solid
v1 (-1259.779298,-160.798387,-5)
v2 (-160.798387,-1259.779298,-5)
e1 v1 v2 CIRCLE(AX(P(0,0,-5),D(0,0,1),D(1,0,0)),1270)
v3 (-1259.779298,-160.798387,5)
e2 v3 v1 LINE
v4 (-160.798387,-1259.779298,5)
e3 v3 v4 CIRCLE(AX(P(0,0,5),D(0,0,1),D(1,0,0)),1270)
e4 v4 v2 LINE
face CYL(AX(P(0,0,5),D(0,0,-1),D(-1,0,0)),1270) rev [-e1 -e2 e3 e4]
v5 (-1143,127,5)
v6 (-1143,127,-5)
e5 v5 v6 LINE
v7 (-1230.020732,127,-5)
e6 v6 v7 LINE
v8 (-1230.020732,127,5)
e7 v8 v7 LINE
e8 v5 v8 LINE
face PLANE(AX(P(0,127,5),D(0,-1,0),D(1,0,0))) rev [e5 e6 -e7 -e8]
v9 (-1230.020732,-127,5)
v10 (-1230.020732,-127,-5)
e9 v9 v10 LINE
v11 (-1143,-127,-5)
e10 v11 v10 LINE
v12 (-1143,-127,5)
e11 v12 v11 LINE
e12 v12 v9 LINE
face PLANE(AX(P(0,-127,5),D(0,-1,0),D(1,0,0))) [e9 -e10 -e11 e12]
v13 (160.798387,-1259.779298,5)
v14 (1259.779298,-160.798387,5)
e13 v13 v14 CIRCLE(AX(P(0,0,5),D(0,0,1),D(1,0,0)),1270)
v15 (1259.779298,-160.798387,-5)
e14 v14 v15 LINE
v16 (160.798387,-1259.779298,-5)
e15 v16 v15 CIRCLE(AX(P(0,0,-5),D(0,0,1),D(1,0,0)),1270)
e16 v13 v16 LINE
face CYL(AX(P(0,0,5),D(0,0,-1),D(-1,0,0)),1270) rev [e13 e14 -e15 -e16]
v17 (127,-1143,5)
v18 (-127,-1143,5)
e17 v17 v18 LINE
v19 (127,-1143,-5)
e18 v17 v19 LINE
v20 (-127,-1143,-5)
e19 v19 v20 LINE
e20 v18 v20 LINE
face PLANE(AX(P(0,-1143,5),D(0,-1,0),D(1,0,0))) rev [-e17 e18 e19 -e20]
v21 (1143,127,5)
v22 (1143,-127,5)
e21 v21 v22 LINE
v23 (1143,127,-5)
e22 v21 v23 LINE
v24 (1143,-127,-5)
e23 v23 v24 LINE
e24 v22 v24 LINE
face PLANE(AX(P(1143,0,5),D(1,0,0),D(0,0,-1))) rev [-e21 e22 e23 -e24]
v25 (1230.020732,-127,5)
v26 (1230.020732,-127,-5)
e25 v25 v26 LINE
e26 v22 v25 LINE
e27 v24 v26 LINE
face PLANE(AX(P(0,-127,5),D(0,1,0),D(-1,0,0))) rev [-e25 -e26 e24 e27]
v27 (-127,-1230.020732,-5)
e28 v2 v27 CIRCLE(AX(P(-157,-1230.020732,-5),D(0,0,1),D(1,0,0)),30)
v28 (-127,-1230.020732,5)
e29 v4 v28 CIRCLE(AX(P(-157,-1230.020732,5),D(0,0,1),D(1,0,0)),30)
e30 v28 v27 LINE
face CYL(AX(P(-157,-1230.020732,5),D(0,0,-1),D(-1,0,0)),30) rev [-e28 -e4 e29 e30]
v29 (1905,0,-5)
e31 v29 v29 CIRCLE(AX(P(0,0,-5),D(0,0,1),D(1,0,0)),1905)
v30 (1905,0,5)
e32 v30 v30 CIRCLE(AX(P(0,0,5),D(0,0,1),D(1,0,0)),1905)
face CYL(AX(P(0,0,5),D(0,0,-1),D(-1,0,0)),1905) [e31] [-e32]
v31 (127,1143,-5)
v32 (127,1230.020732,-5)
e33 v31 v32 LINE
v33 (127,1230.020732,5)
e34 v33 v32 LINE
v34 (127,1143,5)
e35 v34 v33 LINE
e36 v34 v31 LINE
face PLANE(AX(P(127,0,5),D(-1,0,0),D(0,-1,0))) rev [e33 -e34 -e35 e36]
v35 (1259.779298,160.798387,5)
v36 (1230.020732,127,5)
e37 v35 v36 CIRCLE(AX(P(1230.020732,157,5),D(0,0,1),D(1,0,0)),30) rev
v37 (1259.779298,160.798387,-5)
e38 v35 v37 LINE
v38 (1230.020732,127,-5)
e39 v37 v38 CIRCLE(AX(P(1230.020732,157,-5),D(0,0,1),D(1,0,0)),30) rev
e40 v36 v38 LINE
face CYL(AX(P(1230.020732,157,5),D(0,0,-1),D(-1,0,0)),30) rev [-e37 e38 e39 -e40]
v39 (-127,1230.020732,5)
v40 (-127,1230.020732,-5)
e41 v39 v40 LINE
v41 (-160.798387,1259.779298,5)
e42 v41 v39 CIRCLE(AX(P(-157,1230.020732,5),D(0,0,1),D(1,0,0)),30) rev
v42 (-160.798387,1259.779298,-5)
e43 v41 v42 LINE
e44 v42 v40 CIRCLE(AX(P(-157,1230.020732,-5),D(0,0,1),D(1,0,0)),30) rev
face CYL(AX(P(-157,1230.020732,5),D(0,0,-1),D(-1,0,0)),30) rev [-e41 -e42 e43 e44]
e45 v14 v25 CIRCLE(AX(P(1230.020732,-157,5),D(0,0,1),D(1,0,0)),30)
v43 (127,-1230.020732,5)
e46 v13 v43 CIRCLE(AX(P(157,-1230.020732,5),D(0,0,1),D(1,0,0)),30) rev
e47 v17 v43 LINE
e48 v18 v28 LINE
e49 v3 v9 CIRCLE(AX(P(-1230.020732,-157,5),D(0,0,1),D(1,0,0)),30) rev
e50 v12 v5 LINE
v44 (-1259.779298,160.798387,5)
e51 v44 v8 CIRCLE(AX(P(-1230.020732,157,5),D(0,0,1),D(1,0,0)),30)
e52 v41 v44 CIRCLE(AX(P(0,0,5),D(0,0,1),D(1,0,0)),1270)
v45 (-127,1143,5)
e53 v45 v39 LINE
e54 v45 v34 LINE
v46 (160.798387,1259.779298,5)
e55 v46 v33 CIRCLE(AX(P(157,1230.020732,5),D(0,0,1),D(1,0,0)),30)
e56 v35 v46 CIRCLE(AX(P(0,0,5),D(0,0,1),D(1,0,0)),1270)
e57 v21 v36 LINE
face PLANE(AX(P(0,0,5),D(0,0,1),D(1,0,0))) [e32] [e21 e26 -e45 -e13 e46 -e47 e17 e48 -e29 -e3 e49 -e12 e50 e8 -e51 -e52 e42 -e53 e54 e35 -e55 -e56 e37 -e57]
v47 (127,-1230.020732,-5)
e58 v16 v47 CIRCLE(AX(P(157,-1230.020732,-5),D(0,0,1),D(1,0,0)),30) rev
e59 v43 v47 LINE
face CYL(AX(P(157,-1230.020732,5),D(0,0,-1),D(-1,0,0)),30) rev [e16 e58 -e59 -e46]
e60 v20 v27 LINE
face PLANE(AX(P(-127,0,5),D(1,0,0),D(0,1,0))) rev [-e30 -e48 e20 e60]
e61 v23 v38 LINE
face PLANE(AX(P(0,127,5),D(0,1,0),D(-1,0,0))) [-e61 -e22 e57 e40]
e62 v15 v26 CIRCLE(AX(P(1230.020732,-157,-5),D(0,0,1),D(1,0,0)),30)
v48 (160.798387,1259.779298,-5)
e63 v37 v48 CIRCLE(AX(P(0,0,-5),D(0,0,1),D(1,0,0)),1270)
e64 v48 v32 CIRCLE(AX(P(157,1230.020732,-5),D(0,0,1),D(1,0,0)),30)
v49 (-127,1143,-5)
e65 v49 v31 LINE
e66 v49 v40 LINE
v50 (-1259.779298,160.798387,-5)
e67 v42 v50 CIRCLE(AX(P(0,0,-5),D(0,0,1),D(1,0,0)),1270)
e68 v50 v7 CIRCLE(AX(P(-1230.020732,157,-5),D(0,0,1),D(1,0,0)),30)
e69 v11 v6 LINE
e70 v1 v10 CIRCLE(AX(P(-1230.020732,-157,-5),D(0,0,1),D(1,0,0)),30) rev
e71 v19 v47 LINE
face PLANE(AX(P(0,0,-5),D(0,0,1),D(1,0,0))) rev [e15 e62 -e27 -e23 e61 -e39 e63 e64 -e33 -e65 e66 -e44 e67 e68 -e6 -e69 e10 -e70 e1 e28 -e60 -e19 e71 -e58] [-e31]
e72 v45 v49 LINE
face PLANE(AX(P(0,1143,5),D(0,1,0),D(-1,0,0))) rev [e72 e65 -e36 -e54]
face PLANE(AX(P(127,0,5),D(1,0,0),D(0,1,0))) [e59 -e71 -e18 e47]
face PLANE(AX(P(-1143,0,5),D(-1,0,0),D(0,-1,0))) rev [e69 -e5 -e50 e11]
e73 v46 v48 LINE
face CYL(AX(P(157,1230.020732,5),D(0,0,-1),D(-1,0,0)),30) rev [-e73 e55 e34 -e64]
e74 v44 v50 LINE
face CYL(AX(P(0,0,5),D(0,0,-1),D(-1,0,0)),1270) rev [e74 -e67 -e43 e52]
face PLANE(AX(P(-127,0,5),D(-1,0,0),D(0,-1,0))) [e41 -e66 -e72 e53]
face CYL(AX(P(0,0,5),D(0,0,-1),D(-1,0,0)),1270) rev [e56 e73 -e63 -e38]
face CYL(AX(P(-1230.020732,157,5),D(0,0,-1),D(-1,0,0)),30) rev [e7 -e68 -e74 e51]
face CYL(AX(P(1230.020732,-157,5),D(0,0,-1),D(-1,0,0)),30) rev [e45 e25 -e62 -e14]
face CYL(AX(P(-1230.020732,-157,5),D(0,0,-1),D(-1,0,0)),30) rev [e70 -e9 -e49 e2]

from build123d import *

# Parameters (mm, degrees)
SKETCH1_R           = 1905
BOSS_EXTRUDE1_DEPTH = 5


with BuildPart() as part:
    # Sketch1 → Boss-Extrude1 (new, symmetric)
    with BuildSketch(Plane.XY):
        Circle(SKETCH1_R)
        with BuildLine():
            ThreePointArc((160.798387097, -1259.779297618), (898.025612107, -898.025612107), (1259.779297618, -160.798387097))
            ThreePointArc((1259.779297618, -160.798387097), (1252.536854788, -137.175162206), (1230.020731533, -127))
            Line((1230.020731533, -127), (1143, -127))
            Line((1143, -127), (1143, 127))
            Line((1143, 127), (1230.020731533, 127))
            ThreePointArc((1230.020731533, 127), (1252.536854788, 137.175162206), (1259.779297618, 160.798387097))
            ThreePointArc((1259.779297618, 160.798387097), (898.025612107, 898.025612107), (160.798387097, 1259.779297618))
            ThreePointArc((160.798387097, 1259.779297618), (137.175162206, 1252.536854788), (127, 1230.020731533))
            Line((127, 1230.020731533), (127, 1143))
            Line((127, 1143), (-127, 1143))
            Line((-127, 1143), (-127, 1230.020731533))
            ThreePointArc((-127, 1230.020731533), (-137.175162206, 1252.536854788), (-160.798387097, 1259.779297618))
            ThreePointArc((-160.798387097, 1259.779297618), (-898.025612107, 898.025612107), (-1259.779297618, 160.798387097))
            ThreePointArc((-1259.779297618, 160.798387097), (-1252.536854788, 137.175162206), (-1230.020731533, 127))
            Line((-1230.020731533, 127), (-1143, 127))
            Line((-1143, 127), (-1143, -127))
            Line((-1143, -127), (-1230.020731533, -127))
            ThreePointArc((-1230.020731533, -127), (-1252.536854788, -137.175162206), (-1259.779297618, -160.798387097))
            ThreePointArc((-1259.779297618, -160.798387097), (-898.025612107, -898.025612107), (-160.798387097, -1259.779297618))
            ThreePointArc((-160.798387097, -1259.779297618), (-137.175162206, -1252.536854788), (-127, -1230.020731533))
            Line((-127, -1230.020731533), (-127, -1143))
            Line((-127, -1143), (127, -1143))
            Line((127, -1143), (127, -1230.020731533))
            ThreePointArc((127, -1230.020731533), (137.175162206, -1252.536854788), (160.798387097, -1259.779297618))
        make_face(mode=Mode.SUBTRACT)
    extrude(amount=BOSS_EXTRUDE1_DEPTH, both=True)


solid = part.part
